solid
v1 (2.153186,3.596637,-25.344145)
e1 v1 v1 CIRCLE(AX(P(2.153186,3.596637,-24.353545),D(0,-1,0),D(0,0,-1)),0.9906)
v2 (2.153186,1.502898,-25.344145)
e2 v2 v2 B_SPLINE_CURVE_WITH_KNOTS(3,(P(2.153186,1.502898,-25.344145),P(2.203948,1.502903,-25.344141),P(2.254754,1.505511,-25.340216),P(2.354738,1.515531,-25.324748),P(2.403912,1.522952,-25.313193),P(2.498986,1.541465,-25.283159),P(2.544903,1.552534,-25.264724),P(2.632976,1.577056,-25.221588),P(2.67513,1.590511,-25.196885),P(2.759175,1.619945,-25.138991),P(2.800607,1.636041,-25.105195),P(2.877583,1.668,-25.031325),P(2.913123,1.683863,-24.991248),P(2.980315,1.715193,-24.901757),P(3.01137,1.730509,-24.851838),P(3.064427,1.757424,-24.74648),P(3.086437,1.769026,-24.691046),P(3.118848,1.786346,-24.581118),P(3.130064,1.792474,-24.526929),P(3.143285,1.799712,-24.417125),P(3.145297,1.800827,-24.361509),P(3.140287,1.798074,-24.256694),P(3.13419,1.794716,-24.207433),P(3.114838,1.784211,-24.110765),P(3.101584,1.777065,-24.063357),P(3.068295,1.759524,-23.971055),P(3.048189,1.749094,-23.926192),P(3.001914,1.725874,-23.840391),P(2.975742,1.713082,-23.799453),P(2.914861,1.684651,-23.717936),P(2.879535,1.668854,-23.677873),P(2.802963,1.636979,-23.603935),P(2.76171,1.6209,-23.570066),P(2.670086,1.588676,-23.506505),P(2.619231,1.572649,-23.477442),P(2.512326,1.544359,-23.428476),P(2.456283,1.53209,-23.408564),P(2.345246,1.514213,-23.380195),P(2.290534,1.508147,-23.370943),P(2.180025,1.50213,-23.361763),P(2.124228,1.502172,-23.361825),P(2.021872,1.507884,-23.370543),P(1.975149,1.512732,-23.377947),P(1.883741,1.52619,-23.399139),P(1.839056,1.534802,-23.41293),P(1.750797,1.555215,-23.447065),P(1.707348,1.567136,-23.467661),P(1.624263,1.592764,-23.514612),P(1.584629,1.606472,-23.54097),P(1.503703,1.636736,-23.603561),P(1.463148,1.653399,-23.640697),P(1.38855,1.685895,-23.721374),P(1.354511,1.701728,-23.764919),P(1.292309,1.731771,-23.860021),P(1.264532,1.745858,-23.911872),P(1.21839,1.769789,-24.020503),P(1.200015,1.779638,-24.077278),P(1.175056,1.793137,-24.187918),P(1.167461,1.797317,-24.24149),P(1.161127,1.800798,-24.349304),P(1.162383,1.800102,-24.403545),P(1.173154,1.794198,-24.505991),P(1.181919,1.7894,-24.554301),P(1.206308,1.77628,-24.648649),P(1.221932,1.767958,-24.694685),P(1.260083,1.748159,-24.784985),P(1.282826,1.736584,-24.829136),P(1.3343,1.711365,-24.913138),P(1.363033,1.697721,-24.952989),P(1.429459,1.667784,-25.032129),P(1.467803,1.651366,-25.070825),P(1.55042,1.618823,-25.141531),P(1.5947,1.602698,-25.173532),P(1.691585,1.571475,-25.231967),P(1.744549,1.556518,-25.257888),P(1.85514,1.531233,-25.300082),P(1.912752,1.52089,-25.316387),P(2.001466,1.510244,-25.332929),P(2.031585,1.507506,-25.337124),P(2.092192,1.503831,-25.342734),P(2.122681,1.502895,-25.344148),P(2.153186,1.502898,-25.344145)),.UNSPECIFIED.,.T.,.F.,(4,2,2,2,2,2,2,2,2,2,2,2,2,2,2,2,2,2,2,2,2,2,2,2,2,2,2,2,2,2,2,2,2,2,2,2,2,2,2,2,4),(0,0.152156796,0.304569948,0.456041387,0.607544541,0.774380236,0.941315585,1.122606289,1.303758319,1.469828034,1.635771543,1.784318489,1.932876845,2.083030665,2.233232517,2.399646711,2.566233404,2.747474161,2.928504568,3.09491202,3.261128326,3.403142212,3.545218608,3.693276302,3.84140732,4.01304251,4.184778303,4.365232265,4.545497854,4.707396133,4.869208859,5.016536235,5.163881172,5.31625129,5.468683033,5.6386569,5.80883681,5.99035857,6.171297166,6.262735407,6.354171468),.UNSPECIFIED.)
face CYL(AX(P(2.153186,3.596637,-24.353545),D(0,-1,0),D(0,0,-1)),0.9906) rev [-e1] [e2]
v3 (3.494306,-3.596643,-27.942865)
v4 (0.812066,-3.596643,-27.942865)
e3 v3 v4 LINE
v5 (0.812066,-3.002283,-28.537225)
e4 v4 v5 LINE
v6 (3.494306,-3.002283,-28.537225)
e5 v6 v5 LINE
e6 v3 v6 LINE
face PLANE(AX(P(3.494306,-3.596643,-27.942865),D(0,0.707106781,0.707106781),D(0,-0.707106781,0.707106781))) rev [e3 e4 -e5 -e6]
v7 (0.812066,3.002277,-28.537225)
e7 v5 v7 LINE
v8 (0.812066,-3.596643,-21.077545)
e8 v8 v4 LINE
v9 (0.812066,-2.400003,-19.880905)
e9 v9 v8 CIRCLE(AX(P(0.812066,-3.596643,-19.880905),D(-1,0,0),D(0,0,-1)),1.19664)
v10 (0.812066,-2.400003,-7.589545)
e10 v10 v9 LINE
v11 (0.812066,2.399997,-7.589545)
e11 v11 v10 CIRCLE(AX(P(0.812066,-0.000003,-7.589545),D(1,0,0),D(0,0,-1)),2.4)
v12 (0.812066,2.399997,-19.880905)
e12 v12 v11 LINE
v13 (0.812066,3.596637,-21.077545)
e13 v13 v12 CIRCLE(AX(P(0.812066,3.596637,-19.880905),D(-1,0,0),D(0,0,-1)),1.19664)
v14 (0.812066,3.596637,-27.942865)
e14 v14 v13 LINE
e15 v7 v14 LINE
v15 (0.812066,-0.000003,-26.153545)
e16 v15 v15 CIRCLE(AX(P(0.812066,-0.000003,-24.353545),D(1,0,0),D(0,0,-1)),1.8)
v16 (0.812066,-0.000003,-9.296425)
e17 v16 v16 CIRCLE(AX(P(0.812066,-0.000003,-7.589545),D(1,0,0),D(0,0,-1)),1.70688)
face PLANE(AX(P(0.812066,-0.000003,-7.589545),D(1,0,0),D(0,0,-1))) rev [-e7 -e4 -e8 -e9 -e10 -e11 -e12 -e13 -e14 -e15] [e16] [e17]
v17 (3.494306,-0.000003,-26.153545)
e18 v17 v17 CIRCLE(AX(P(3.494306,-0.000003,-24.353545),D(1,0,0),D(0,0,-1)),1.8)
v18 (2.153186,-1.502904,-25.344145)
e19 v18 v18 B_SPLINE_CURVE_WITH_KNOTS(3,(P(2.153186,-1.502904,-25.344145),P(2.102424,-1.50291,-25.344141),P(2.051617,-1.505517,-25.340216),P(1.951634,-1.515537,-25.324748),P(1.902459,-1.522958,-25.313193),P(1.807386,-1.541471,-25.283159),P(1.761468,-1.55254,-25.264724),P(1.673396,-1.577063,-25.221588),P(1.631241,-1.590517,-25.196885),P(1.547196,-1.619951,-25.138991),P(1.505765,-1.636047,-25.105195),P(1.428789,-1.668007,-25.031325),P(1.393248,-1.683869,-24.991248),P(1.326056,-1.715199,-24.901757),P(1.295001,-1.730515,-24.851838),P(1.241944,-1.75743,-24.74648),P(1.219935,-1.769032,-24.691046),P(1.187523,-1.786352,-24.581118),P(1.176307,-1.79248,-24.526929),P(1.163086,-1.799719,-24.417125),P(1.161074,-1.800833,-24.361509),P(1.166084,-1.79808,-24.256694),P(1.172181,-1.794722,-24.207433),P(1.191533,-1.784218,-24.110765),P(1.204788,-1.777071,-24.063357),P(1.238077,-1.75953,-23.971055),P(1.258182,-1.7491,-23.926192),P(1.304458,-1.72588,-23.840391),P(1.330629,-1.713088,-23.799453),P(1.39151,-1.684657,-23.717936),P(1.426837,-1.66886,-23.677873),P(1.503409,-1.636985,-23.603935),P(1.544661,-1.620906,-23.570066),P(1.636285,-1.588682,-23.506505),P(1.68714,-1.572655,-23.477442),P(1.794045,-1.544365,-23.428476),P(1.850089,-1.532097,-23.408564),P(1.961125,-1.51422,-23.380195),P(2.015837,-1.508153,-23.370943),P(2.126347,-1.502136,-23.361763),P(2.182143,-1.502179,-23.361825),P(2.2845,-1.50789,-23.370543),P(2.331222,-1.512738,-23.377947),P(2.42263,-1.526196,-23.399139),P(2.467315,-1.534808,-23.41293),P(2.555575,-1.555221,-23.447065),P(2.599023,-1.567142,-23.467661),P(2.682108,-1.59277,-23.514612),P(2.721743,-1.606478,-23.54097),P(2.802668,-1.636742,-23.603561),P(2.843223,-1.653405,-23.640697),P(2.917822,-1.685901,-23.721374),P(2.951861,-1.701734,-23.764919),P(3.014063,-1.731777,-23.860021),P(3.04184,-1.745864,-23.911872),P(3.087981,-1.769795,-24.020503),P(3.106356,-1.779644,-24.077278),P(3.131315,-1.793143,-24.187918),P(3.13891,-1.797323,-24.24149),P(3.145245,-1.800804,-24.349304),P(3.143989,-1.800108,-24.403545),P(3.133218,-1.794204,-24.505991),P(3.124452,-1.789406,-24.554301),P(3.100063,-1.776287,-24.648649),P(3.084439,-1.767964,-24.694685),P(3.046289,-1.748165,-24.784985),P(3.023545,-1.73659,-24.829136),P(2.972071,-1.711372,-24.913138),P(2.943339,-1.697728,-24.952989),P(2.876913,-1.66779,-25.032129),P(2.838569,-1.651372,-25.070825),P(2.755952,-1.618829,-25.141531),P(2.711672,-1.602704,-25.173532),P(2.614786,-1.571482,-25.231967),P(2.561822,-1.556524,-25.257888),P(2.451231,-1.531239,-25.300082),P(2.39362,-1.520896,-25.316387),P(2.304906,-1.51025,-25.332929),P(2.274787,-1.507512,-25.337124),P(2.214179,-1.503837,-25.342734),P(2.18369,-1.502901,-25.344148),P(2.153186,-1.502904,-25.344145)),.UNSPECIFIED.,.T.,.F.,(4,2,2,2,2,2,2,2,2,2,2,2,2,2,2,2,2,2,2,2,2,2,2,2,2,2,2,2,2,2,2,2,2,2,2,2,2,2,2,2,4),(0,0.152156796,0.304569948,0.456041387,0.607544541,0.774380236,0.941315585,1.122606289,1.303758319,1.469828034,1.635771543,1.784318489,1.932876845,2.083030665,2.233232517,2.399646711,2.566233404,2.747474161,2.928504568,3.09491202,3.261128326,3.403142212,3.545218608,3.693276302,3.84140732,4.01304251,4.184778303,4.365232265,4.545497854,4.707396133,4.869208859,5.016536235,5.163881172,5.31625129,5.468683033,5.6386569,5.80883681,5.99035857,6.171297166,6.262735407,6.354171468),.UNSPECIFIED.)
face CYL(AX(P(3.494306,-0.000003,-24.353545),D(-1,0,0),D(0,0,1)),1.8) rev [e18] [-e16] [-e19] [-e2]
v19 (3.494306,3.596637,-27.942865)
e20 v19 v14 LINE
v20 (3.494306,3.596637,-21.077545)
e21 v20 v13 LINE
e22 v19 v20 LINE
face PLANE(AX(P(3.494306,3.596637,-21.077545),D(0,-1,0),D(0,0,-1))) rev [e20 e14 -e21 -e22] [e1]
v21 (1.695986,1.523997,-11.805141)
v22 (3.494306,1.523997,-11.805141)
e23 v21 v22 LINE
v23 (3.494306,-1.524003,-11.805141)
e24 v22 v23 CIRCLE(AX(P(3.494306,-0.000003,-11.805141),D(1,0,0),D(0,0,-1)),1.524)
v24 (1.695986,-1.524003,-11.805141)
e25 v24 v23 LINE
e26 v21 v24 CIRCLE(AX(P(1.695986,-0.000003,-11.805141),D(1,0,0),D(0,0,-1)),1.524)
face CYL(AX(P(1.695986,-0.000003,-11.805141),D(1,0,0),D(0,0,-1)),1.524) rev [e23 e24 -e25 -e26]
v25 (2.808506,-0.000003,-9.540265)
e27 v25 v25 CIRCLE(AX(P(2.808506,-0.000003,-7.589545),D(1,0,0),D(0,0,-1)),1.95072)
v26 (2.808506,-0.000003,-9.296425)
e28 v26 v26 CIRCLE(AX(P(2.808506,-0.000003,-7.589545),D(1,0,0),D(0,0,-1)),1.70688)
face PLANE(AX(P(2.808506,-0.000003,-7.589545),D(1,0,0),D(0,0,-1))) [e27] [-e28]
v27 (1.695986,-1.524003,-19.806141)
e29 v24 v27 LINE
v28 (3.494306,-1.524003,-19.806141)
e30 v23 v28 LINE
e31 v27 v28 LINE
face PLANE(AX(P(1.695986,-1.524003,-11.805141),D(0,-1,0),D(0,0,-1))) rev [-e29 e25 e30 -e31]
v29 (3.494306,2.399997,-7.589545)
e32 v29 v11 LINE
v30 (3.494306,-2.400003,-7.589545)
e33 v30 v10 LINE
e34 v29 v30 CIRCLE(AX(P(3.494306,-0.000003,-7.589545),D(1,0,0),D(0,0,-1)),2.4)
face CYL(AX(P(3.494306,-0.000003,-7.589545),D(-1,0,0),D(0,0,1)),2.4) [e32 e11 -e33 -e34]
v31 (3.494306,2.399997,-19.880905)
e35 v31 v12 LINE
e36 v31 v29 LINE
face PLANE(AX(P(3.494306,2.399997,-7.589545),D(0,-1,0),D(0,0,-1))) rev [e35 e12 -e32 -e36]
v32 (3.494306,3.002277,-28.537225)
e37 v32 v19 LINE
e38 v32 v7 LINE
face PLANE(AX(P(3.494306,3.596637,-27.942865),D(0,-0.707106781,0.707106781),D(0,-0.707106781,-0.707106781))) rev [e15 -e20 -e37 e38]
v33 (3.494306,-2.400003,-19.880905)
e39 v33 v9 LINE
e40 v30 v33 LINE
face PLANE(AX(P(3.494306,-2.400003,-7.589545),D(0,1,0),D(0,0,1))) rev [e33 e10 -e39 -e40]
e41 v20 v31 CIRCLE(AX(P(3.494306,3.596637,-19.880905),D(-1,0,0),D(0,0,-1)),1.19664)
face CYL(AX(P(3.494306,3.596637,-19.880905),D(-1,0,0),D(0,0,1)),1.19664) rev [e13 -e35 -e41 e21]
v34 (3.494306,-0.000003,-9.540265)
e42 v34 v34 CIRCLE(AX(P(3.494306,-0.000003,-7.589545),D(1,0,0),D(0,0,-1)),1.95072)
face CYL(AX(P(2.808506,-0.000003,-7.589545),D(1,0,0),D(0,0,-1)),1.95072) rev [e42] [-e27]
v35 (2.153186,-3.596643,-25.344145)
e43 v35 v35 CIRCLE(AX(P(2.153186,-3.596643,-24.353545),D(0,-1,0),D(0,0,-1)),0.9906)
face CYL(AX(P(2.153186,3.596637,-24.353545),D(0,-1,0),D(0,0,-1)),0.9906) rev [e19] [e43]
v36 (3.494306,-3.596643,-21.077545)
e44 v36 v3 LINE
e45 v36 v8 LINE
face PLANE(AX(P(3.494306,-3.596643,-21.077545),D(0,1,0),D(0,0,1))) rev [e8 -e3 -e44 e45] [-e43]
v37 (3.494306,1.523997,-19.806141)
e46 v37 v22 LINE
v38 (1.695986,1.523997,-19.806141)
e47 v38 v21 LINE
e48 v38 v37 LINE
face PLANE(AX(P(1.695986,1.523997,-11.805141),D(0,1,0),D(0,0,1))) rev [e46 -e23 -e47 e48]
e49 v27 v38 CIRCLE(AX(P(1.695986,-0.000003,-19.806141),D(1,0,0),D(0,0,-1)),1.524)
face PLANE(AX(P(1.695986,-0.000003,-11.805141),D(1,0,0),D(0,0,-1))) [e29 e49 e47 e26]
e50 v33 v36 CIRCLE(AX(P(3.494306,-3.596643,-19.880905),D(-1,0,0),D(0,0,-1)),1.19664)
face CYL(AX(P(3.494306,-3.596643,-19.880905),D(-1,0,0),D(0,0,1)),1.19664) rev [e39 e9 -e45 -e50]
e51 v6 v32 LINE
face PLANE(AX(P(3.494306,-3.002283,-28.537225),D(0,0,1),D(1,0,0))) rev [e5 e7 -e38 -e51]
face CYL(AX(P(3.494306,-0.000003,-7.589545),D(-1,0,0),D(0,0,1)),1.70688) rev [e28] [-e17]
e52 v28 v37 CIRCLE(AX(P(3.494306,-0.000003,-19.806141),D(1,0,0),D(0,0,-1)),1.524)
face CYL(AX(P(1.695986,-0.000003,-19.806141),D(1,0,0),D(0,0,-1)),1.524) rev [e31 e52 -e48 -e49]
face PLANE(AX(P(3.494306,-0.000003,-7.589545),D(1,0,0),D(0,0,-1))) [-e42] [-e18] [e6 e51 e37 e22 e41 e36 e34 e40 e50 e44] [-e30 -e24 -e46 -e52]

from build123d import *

# Parameters (mm, degrees)
SKETCH1_R           = 2.8448
SKETCH1_R_2         = 2.999999969
BOSS_EXTRUDE1_DEPTH = 4.4704
SKETCH2_R           = 3.2512
CUT_EXTRUDE1_DEPTH  = 1.143
CUT_EXTRUDE2_DEPTH  = 2.9972
SKETCH5_R           = 1.651
CUT_EXTRUDE3_DEPTH  = 38.18359042
SCALE1_SCALE        = 0.6


with BuildPart() as part:
    # Sketch1 → Boss-Extrude1 (new body)
    with BuildSketch(Plane(origin=(0, 0, 0), x_dir=(0, 0, -1), z_dir=(1, 0, 0))):
        with BuildLine():
            Line((0, 4.000000128), (20.485599872, 4.000000128))
            ThreePointArc((20.485599872, 4.000000128), (21.895853546, 4.584146326), (22.479999744, 5.9944))
            Line((22.479999744, 5.9944), (33.922199872, 5.9944))
            Line((33.922199872, 5.9944), (34.912799872, 5.0038))
            Line((34.912799872, 5.0038), (34.912799872, -5.0038))
            Line((34.912799872, -5.0038), (33.922199872, -5.9944))
            Line((33.922199872, -5.9944), (22.479999744, -5.9944))
            ThreePointArc((22.479999744, -5.9944), (21.895853546, -4.584146326), (20.485599872, -4.000000128))
            Line((20.485599872, -4.000000128), (0, -4.000000128))
            ThreePointArc((0, -4.000000128), (-4.000000128, 0), (0, 4.000000128))
        make_face()
        Circle(SKETCH1_R, mode=Mode.SUBTRACT)
        with Locations((27.94, 0)):
            Circle(SKETCH1_R_2, mode=Mode.SUBTRACT)
    extrude(amount=BOSS_EXTRUDE1_DEPTH)

    # Sketch2 → Cut-Extrude1 (cut)
    with BuildSketch(Plane(origin=(4.4704, 0, 0), x_dir=(0, 0, -1), z_dir=(1, 0, 0))):
        Circle(SKETCH2_R)
    extrude(amount=-CUT_EXTRUDE1_DEPTH, mode=Mode.SUBTRACT)

    # Sketch4 → Cut-Extrude2 (cut)
    with BuildSketch(Plane(origin=(4.4704, 0, 0), x_dir=(0, 0, -1), z_dir=(1, 0, 0))):
        with BuildLine():
            Line((7.0259921, 2.54), (20.3609921, 2.54))
            ThreePointArc((20.3609921, 2.54), (22.9009921, 0), (20.3609921, -2.54))
            Line((20.3609921, -2.54), (7.0259921, -2.54))
            ThreePointArc((7.0259921, -2.54), (4.4859921, 0), (7.0259921, 2.54))
        make_face()
    extrude(amount=-CUT_EXTRUDE2_DEPTH, mode=Mode.SUBTRACT)

    # Sketch5 → Cut-Extrude3 (cut, through all)
    with BuildSketch(Plane.XZ.offset(5.9944)):
        with Locations(Location((2.2352, -27.94, 0), (0, 0, 270))):
            Circle(SKETCH5_R)
    extrude(amount=-CUT_EXTRUDE3_DEPTH, mode=Mode.SUBTRACT)


with BuildPart() as part_1:
    # Scale1: scaled about (2.030165897, 0, -18.973898941)
    add(part.part.scale(SCALE1_SCALE).moved(Location((0.812066359, 0, -7.589559576))))


solid = part_1.part
